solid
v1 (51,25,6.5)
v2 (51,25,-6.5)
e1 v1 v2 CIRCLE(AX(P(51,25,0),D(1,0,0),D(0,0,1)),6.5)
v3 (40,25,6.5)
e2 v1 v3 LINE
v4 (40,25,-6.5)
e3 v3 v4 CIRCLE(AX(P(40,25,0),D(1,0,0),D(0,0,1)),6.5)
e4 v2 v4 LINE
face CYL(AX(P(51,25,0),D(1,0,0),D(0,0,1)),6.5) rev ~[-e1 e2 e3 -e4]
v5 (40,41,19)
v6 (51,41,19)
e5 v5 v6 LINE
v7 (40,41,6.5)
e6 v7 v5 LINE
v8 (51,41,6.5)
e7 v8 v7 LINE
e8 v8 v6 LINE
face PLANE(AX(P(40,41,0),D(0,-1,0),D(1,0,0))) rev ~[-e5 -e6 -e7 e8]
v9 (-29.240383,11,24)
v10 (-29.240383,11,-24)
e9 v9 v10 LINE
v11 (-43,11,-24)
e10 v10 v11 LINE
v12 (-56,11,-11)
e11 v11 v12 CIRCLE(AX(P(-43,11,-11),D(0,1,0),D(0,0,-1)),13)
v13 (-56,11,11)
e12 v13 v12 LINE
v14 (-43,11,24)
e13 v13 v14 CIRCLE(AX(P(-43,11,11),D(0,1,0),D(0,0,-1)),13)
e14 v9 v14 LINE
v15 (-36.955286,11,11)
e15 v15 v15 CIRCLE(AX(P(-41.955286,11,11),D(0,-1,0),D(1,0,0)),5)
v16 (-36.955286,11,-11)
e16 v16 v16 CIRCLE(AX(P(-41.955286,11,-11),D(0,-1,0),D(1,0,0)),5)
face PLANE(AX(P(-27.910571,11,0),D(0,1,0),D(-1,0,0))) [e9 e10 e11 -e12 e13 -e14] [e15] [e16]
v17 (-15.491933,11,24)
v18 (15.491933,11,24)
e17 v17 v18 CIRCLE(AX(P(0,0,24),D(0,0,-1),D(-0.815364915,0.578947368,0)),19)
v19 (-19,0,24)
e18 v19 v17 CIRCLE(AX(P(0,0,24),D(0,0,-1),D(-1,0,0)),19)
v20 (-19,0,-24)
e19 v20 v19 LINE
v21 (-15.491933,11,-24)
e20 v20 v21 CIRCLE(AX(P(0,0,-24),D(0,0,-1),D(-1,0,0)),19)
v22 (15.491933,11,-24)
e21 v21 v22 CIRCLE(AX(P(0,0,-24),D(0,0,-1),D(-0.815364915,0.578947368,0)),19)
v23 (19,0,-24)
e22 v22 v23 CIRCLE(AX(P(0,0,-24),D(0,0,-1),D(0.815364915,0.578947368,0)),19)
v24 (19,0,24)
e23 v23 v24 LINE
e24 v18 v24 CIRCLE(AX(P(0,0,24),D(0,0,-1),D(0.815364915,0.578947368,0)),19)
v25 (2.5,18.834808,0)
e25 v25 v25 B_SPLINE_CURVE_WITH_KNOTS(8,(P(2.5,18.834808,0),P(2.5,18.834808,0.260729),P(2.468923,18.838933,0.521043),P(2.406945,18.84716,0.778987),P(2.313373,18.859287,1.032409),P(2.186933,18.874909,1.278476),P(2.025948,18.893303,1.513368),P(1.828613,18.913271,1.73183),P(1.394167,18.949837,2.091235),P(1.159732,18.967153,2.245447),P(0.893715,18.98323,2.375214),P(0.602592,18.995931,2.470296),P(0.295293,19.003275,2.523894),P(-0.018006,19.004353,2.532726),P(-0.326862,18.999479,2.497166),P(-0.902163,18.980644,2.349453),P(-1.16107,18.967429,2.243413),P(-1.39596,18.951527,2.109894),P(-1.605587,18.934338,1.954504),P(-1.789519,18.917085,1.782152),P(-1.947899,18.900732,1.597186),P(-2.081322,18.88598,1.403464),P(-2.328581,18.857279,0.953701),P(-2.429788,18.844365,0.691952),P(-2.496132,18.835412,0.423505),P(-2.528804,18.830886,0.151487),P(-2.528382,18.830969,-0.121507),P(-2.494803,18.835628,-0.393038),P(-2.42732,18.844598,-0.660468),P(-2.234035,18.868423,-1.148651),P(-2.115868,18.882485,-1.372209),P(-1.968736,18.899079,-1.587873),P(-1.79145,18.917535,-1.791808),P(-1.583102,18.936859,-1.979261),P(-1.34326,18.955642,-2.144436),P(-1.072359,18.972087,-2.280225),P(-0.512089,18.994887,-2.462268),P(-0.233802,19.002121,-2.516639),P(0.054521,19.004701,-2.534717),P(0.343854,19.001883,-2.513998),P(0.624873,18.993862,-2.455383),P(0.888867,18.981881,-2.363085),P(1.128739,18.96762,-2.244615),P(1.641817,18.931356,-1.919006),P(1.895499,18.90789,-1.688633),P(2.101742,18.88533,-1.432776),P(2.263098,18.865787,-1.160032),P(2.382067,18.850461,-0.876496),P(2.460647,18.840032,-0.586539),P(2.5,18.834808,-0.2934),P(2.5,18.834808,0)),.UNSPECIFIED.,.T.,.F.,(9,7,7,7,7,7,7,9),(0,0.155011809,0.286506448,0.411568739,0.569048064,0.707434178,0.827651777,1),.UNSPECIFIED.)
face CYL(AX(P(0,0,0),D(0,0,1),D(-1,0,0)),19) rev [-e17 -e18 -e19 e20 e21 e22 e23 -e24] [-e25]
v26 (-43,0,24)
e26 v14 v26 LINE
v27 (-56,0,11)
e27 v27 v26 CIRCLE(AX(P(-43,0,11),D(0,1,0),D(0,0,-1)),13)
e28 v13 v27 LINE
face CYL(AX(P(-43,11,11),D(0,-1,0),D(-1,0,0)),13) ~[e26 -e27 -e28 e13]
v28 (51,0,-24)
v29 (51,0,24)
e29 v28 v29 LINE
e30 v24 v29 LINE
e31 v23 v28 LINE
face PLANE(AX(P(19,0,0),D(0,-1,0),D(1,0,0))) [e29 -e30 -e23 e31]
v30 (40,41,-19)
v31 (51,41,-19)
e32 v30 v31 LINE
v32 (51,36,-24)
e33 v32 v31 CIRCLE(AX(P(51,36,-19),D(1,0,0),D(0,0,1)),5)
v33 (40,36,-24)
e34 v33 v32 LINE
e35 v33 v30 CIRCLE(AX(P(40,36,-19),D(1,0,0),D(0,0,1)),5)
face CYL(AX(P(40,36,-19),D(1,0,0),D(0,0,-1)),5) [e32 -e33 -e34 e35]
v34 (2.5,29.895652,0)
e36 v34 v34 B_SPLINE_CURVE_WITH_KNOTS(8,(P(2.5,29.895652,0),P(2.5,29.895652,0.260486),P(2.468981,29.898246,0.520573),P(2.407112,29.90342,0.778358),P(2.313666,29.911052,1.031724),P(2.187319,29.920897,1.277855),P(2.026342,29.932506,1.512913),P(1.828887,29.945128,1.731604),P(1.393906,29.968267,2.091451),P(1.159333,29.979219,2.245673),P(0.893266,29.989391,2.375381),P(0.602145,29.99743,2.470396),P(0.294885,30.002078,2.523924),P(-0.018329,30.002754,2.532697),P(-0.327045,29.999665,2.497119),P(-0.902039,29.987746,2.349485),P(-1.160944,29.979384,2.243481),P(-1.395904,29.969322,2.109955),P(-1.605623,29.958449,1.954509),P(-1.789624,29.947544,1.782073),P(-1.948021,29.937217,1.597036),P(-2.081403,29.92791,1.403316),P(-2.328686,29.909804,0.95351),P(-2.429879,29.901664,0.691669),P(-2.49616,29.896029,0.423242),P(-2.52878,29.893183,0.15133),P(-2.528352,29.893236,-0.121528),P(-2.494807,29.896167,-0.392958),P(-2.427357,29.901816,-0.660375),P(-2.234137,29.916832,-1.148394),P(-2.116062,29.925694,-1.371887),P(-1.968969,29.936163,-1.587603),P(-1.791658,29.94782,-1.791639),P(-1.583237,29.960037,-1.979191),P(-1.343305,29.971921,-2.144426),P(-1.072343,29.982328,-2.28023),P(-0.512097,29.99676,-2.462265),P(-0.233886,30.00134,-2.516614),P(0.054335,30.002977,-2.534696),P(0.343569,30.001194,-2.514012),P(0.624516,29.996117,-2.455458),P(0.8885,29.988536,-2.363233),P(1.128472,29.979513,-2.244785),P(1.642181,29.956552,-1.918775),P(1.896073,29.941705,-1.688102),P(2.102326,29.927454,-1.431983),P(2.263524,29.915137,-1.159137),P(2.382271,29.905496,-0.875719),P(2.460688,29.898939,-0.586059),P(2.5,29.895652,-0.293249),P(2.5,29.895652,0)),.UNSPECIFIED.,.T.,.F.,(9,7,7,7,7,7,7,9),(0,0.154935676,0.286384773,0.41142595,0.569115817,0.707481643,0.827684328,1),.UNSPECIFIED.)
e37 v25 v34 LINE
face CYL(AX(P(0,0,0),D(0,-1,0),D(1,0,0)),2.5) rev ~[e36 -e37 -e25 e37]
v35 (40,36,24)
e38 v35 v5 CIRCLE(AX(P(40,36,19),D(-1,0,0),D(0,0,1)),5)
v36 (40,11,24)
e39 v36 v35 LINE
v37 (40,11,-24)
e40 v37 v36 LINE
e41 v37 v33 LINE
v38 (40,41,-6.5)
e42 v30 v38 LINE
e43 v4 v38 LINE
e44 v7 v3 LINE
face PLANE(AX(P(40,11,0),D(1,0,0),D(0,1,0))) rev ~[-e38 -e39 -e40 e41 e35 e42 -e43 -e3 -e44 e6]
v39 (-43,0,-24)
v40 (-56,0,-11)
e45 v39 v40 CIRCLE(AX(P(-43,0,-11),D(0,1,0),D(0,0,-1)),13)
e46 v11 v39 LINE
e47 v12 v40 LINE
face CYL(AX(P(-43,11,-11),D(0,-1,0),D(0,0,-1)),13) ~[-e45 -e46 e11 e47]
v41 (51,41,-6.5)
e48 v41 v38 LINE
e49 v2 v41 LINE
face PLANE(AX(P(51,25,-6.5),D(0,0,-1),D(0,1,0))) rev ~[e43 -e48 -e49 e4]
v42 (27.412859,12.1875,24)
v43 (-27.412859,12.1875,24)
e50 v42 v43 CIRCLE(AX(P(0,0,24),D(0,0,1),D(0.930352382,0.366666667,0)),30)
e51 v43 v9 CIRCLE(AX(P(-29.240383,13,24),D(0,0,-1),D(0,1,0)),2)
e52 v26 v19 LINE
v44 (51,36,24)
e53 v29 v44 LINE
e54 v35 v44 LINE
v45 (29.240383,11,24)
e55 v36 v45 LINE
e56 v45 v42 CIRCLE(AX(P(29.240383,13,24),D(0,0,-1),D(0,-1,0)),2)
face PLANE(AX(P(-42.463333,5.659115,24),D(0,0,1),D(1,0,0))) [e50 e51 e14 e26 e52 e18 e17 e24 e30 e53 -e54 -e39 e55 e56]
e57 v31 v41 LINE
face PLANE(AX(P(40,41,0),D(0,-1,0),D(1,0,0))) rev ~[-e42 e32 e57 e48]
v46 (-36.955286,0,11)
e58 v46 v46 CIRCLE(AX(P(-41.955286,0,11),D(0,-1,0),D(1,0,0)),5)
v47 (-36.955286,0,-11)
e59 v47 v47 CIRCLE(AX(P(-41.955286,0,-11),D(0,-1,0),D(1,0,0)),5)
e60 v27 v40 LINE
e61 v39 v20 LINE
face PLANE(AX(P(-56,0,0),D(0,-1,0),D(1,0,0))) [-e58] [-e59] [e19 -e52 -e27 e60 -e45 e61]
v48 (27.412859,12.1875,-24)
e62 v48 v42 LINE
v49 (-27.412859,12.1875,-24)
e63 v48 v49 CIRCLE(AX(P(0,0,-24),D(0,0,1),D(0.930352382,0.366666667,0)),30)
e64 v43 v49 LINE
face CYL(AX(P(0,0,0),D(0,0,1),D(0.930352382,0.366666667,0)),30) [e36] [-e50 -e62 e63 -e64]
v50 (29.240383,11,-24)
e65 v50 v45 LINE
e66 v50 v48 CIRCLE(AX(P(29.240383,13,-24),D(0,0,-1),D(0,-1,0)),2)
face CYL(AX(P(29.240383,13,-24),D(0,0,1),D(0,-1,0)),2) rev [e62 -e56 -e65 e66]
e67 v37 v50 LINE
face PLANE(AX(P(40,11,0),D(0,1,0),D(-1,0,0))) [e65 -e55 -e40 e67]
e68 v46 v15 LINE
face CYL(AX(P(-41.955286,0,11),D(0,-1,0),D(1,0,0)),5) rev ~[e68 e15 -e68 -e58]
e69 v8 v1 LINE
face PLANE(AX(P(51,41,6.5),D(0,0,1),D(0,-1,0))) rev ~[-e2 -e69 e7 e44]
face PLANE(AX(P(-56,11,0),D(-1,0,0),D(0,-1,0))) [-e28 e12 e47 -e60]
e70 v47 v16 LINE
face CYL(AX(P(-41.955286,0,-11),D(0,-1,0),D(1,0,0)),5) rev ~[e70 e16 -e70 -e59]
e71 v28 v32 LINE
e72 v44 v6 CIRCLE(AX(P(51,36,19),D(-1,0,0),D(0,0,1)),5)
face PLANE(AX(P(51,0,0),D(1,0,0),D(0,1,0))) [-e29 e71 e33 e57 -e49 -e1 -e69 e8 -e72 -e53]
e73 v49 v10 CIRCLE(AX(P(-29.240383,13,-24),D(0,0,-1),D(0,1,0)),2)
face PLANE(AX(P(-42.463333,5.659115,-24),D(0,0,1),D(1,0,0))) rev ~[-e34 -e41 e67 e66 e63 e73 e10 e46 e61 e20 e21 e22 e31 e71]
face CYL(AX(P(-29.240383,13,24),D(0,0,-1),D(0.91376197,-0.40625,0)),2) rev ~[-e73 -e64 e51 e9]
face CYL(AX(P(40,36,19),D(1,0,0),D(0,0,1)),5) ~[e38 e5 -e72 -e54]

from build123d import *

# Parameters (mm, degrees)
F0_W     = 11
F0_H     = 30
F1_DEPTH = 24
F3_DEPTH = 11
F4_R     = 5
F4_R_2   = 2.5
F5_DEPTH = 41.001
F6_R     = 13
F7_R     = 5
F8_R     = 2


with BuildPart() as f1:
    # F0 (on Top) → F1 (new body, symmetric)
    with BuildSketch(Plane.XY):
        with BuildLine():
            Line((-56, 0), (-30, 0))
            ThreePointArc((-30, 0), (-29.4730143031, 5.5983415304), (-27.9105714739, 11))
            Line((-27.9105714739, 11), (-56, 11))
            Line((-56, 11), (-56, 0))
        make_face()
        with BuildLine():
            ThreePointArc((-27.9105714739, 11), (-29.4730143031, 5.5983415304), (-30, 0))
            Line((-30, 0), (-19, 0))
            ThreePointArc((-19, 0), (-18.1017503893, 5.7729223833), (-15.4919333848, 11))
            Line((-15.4919333848, 11), (-27.9105714739, 11))
        make_face()
        with BuildLine():
            Line((15.4919333848, 11), (27.9105714739, 11))
            ThreePointArc((27.9105714739, 11), (0, 30), (-27.9105714739, 11))
            Line((-27.9105714739, 11), (-15.4919333848, 11))
            ThreePointArc((-15.4919333848, 11), (0, 19), (15.4919333848, 11))
        make_face()
        with BuildLine():
            Line((19, 0), (30, 0))
            ThreePointArc((30, 0), (29.4730143031, 5.5983415304), (27.9105714739, 11))
            Line((27.9105714739, 11), (15.4919333848, 11))
            ThreePointArc((15.4919333848, 11), (18.1017503893, 5.7729223833), (19, 0))
        make_face()
        with BuildLine():
            ThreePointArc((27.9105714739, 11), (29.4730143031, 5.5983415304), (30, 0))
            Line((30, 0), (51, 0))
            Line((51, 0), (51, 11))
            Line((51, 11), (40, 11))
            Line((40, 11), (27.9105714739, 11))
        make_face()
        with Locations((45.5, 26)):
            Rectangle(F0_W, F0_H)
    extrude(amount=F1_DEPTH, both=True)

    # F2 (on face) → F3 (cut, through all)
    with BuildSketch(Plane.YZ.offset(51)):
        with BuildLine():
            ThreePointArc((25, 6.5), (29.5961940777, 4.5961940777), (31.5, 0))
            ThreePointArc((31.5, 0), (29.5961940777, -4.5961940777), (25, -6.5))
            Line((25, -6.5), (41, -6.5))
            Line((41, -6.5), (41, 6.5))
            Line((41, 6.5), (25, 6.5))
        make_face()
        with BuildLine():
            ThreePointArc((25, -6.5), (29.5961940777, -4.5961940777), (31.5, 0))
            ThreePointArc((31.5, 0), (29.5961940777, 4.5961940777), (25, 6.5))
            ThreePointArc((25, 6.5), (18.5, 0), (25, -6.5))
        make_face()
    extrude(amount=-F3_DEPTH, mode=Mode.SUBTRACT)

    # F4 (on Front) → F5 (cut, through all)
    with BuildSketch(Plane.XZ):
        with Locations((-41.955285737, 11)):
            Circle(F4_R)
        with Locations((-41.955285737, -11)):
            Circle(F4_R)
        Circle(F4_R_2)
    extrude(amount=-F5_DEPTH, mode=Mode.SUBTRACT)

    # F6
    f6_edges = [f1.edges().sort_by_distance(p)[0] for p in [
        (-56, 5.5, -24),
        (-56, 5.5, 24),
    ]]
    fillet(f6_edges, radius=F6_R)

    # F7
    f7_edges = [f1.edges().sort_by_distance(p)[0] for p in [
        (45.5, 41, -24),
        (45.5, 41, 24),
    ]]
    fillet(f7_edges, radius=F7_R)

    # F8
    f8_edges = [f1.edges().sort_by_distance(p)[0] for p in [
        (-27.910571, 11, 0),
        (27.910571, 11, 0),
    ]]
    fillet(f8_edges, radius=F8_R)


solid = f1.part
